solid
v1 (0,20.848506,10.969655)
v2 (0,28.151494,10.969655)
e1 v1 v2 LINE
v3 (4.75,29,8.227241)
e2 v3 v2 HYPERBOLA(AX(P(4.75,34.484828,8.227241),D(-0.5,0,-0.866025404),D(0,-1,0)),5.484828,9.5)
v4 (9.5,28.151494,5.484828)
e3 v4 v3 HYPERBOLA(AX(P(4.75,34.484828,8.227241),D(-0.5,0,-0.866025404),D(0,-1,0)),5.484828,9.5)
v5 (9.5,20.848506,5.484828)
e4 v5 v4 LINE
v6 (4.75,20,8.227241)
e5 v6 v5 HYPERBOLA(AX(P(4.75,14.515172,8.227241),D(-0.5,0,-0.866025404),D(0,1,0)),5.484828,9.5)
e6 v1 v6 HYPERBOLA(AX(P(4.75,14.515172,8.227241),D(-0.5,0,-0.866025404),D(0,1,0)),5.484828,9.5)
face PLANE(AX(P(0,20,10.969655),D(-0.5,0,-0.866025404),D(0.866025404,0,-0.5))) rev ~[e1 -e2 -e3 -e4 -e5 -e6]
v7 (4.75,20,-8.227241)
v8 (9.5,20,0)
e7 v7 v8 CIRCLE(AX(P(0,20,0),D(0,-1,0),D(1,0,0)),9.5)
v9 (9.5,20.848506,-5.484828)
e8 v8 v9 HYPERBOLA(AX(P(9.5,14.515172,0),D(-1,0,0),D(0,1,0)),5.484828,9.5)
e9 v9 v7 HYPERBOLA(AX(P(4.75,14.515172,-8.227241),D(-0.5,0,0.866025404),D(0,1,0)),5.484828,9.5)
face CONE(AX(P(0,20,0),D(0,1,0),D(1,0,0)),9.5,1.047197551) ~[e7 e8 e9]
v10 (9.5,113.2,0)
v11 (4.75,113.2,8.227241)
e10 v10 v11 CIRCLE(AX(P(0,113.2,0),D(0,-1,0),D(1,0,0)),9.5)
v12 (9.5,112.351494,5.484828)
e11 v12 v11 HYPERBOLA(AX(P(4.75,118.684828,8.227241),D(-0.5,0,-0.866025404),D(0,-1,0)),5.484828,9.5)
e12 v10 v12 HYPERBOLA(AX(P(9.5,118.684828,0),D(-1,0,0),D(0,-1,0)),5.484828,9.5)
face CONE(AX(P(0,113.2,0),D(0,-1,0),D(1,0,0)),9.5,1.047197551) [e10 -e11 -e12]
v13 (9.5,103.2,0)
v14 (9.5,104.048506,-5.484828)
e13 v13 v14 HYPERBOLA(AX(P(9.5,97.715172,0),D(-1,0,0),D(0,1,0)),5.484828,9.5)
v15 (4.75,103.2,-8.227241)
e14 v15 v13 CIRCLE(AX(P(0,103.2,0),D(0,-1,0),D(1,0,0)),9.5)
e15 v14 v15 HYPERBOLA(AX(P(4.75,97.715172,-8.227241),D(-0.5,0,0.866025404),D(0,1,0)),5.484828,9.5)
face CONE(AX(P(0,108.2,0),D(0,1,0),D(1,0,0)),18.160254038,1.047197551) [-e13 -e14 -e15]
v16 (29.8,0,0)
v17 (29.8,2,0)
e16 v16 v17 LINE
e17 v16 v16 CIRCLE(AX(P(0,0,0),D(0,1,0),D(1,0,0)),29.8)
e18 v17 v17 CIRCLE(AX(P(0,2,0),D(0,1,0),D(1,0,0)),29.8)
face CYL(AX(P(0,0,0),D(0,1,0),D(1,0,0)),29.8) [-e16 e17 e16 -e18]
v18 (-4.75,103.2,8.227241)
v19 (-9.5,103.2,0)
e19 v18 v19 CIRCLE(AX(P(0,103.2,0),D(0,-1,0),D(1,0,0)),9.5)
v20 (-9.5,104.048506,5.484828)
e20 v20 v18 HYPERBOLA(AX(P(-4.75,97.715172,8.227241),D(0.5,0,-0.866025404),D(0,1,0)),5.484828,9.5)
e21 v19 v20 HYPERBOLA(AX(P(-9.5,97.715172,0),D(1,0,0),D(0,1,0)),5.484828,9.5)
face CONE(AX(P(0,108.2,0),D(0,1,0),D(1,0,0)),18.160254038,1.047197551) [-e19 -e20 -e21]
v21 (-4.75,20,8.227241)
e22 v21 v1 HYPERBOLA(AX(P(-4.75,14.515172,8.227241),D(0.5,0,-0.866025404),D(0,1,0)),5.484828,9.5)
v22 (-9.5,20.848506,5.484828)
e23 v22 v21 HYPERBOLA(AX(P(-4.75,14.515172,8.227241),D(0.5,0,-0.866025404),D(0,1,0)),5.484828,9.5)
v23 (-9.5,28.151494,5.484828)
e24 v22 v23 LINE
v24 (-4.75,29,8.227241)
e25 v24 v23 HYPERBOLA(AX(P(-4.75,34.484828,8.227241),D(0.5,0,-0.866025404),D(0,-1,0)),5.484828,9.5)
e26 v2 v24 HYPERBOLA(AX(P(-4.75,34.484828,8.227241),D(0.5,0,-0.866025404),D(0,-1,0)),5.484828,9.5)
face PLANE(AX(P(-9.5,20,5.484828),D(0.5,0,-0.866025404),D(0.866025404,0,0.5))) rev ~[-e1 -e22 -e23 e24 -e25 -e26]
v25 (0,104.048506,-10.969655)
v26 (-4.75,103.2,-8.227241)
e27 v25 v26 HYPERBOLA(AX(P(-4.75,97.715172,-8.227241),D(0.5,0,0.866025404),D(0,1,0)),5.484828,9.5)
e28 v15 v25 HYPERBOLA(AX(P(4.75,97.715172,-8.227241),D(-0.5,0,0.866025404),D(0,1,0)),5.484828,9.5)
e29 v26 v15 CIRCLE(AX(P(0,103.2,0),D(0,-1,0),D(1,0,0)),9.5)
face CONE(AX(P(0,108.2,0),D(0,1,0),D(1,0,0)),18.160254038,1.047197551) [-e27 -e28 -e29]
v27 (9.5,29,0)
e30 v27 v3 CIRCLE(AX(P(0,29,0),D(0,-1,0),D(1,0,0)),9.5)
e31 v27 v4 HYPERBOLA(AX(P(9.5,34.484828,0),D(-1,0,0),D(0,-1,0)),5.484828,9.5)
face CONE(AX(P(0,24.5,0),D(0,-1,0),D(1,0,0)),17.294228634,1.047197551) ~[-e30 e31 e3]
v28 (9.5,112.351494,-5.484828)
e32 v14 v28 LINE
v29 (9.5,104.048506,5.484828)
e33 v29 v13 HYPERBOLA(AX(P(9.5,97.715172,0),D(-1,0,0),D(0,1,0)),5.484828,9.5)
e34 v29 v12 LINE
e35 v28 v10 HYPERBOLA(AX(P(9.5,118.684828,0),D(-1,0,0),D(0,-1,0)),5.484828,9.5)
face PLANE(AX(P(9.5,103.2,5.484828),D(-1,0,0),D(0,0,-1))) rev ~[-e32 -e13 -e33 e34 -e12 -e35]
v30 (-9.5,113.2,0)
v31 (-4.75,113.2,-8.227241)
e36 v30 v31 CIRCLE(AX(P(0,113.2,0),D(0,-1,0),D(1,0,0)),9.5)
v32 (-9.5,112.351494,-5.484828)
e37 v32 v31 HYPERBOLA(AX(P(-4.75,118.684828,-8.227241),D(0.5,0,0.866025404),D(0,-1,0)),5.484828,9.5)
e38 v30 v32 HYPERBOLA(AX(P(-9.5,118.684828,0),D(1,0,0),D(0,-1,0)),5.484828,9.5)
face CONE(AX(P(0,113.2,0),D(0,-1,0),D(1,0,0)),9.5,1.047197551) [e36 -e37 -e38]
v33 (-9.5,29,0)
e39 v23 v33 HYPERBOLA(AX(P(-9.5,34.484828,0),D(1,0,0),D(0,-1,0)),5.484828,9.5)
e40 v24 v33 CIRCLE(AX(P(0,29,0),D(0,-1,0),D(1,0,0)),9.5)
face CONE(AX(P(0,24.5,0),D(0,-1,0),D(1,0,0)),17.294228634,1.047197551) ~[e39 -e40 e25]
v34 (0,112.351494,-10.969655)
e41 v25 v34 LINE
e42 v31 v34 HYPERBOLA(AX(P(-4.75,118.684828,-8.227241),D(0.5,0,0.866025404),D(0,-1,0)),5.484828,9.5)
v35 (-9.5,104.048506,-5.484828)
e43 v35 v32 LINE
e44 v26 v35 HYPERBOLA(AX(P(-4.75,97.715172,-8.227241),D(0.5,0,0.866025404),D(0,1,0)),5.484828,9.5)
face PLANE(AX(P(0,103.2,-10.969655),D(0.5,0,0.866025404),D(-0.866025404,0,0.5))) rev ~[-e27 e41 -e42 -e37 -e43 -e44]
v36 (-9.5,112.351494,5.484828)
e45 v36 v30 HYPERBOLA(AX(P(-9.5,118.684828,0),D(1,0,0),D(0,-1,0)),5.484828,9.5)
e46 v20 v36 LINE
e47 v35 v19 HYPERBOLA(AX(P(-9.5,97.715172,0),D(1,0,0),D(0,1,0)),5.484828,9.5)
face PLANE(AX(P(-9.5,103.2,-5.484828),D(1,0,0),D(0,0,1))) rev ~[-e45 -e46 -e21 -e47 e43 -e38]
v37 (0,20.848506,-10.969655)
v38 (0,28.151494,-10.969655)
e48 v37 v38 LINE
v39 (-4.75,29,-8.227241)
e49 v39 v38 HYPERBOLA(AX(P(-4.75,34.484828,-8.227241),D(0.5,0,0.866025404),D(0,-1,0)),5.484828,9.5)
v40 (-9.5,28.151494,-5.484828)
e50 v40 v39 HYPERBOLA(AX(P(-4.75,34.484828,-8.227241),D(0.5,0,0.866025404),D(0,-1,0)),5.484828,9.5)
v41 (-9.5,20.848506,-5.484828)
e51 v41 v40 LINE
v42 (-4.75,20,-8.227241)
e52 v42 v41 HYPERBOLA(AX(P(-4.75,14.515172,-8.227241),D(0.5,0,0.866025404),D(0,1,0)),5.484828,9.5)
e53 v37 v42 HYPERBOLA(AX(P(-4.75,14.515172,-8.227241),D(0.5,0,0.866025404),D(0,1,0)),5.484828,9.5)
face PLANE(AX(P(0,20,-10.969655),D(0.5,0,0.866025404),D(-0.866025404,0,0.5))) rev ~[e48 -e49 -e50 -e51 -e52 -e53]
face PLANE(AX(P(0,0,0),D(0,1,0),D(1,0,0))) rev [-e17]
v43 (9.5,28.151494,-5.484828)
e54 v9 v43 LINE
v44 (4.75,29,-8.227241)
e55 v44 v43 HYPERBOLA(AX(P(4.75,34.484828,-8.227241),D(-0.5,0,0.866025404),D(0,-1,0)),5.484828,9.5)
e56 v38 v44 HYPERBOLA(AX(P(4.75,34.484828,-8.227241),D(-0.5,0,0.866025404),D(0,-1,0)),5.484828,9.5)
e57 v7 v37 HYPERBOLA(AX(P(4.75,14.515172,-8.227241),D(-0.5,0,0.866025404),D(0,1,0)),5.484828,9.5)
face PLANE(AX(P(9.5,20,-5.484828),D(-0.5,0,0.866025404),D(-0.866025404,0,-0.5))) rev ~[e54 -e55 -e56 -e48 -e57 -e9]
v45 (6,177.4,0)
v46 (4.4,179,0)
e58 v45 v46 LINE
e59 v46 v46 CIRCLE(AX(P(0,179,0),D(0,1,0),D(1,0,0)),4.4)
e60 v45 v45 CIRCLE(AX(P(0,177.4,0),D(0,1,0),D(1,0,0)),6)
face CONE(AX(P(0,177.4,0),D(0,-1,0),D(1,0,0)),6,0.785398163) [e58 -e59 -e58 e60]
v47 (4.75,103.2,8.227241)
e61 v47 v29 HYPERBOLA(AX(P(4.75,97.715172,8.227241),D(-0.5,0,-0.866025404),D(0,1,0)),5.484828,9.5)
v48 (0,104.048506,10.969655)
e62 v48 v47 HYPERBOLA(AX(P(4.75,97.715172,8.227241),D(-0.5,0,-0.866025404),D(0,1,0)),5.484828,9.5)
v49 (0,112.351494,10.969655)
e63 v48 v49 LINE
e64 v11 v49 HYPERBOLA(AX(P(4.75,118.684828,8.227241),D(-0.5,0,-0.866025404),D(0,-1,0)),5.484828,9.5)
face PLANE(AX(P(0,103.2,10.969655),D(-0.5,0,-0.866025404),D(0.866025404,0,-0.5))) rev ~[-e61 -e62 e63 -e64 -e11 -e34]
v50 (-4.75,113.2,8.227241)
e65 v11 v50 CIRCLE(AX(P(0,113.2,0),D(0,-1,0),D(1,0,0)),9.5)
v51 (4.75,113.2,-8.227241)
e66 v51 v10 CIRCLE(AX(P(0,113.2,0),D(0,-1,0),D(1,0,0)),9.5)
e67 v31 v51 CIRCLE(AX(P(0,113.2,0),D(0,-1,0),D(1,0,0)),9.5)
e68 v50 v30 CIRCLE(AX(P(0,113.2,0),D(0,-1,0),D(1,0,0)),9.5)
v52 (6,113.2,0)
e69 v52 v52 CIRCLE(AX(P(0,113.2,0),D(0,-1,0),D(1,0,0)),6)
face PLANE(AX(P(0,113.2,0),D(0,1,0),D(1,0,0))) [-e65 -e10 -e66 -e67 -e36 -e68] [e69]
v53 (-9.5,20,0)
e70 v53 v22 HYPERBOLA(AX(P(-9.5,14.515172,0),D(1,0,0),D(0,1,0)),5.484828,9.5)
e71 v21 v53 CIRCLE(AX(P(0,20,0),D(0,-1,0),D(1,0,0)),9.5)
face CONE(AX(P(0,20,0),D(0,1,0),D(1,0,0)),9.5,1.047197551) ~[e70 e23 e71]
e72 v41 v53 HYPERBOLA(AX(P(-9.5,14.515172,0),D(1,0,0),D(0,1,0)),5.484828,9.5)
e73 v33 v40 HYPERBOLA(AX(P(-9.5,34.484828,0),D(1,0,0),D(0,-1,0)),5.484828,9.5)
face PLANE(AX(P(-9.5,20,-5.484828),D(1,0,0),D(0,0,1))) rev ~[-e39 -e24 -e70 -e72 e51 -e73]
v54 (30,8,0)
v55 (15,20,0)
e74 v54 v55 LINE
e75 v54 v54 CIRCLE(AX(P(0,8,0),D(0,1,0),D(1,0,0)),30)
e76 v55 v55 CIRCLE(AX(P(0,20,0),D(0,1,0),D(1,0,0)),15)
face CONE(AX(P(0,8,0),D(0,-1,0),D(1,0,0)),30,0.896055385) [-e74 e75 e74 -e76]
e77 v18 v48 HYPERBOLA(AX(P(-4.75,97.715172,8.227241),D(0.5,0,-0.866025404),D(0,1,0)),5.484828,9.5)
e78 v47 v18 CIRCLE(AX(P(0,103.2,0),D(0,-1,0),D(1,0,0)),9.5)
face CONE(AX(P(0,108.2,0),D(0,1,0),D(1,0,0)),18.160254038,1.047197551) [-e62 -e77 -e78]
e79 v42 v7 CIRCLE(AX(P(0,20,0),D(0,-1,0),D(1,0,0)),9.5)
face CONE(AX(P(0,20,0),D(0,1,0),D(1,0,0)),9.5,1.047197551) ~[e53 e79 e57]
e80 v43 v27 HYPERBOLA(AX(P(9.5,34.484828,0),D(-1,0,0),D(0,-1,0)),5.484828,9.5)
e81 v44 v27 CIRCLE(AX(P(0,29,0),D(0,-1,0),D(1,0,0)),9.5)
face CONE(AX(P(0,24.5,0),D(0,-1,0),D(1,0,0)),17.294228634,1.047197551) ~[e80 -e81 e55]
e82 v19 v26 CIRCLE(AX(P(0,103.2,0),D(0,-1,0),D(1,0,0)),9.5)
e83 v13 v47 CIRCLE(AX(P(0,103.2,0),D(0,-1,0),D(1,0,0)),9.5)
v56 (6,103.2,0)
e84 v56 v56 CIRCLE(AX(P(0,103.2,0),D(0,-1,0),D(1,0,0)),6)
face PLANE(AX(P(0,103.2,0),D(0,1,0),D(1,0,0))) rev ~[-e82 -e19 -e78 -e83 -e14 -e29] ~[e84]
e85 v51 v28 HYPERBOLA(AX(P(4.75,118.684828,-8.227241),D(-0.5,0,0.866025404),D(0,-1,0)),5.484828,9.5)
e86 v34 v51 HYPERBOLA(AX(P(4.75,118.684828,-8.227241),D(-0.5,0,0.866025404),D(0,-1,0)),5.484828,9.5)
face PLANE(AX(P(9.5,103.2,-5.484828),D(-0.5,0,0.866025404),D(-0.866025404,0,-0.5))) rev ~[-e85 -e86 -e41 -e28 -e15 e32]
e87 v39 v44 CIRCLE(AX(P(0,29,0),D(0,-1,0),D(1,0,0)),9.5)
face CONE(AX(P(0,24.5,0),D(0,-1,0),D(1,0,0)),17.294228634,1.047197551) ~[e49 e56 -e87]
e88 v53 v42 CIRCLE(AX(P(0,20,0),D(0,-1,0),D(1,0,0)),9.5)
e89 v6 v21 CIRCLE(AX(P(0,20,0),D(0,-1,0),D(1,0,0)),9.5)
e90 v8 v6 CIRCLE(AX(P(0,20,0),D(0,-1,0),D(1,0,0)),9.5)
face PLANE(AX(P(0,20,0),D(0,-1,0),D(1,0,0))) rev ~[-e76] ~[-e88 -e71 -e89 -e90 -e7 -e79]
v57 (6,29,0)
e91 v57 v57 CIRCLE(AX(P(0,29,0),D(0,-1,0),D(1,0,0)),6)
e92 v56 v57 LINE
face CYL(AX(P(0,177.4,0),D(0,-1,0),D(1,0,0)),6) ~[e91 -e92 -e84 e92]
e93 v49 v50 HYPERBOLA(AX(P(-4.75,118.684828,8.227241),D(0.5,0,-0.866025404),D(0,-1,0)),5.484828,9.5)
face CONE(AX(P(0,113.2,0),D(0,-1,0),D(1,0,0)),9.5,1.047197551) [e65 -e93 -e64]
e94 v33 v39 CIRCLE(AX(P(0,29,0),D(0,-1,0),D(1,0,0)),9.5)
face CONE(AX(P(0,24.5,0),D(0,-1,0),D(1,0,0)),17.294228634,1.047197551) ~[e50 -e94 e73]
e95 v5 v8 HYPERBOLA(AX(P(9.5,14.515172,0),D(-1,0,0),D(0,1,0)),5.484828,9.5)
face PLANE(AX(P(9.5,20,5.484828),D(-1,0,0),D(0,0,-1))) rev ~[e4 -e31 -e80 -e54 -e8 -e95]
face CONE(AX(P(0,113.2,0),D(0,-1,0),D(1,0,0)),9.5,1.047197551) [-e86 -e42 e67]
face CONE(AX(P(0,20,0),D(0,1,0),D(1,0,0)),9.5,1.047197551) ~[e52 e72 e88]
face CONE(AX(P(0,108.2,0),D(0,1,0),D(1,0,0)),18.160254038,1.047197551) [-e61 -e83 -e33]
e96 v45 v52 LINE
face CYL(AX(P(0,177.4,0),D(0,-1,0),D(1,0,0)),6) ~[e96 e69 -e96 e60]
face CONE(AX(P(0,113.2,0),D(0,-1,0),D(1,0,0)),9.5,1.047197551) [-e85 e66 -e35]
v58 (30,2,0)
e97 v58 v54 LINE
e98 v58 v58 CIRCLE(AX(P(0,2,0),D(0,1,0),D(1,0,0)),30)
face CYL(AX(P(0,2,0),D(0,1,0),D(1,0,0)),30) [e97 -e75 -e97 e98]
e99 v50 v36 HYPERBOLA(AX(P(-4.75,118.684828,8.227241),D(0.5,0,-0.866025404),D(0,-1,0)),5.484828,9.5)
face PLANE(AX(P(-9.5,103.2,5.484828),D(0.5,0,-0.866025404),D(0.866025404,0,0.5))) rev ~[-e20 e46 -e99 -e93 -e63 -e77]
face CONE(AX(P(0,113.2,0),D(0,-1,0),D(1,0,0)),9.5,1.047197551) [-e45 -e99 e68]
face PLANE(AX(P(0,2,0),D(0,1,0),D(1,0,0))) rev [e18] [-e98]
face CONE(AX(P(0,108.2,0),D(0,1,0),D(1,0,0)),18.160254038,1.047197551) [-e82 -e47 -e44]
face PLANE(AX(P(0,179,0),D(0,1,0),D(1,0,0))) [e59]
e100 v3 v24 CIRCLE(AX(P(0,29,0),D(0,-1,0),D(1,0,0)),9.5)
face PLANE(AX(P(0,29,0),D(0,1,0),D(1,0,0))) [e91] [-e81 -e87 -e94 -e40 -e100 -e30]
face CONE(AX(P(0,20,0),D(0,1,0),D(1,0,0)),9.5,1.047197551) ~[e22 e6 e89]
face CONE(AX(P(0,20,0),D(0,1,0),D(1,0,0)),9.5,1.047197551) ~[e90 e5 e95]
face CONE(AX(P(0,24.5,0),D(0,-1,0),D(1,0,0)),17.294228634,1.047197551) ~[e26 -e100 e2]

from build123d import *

# Parameters (mm, degrees)
EXTRUDE_1_DEPTH = 9
EXTRUDE_2_DEPTH = 10


with BuildPart() as part:
    # Эскиз1 → Повернуть1 (revolve)
    with BuildSketch(Plane.XY, mode=Mode.PRIVATE) as revolve_1_sk:
        Polygon((0, 0), (-29.8, 0), (-29.8, 2), (-30, 2), (-30, 8), (-15, 20), (-6, 20), (-6, 29), (-6, 177.4), (-4.4, 179), (0, 179), align=None)
    revolve(revolve_1_sk.sketch.rotate(Axis((0, 0, 0), (0, 1, 0)), 180), axis=Axis((0, 0, 0), (0, 1, 0)))  # turned: the seam where the file's is

    # Эскиз2 → Бобышка-Вытянуть1 (add)
    with BuildSketch(Plane(origin=(0, 20, 0), x_dir=(1, 0, 0), z_dir=(0, 1, 0))):
        Polygon((0, 10.969655115), (-9.5, 5.484827557), (-9.5, -5.484827557), (0, -10.969655115), (9.5, -5.484827557), (9.5, 5.484827557), align=None)
    extrude(amount=EXTRUDE_1_DEPTH)

    # Эскиз3 → Бобышка-Вытянуть2 (add)
    with BuildSketch(Plane(origin=(0, 103.2, 0), x_dir=(1, 0, 0), z_dir=(0, 1, 0))):
        Polygon((9.5, 5.484827557), (0, 10.969655115), (-9.5, 5.484827557), (-9.5, -5.484827557), (0, -10.969655115), (9.5, -5.484827557), align=None)
    extrude(amount=EXTRUDE_2_DEPTH)

    # Эскиз4 → Вырез-Повернуть2 (revolve, cut)
    with BuildSketch(Plane.XY, mode=Mode.PRIVATE) as cut_revolve_2_sk:
        Polygon((-18.160254038, 113.2), (-9.5, 113.2), (-18.160254038, 108.2), align=None)
        Polygon((-18.160254038, 103.2), (-18.160254038, 108.2), (-9.5, 103.2), align=None)
        Polygon((-17.294228634, 29), (-17.294228634, 24.5), (-9.5, 29), align=None)
        Polygon((-17.294228634, 24.5), (-17.294228634, 20), (-9.5, 20), align=None)
    revolve(cut_revolve_2_sk.sketch.rotate(Axis((0, 179, 0), (0, -1, 0)), 180), axis=Axis((0, 179, 0), (0, -1, 0)), mode=Mode.SUBTRACT)  # turned: the seam where the file's is


solid = part.part
